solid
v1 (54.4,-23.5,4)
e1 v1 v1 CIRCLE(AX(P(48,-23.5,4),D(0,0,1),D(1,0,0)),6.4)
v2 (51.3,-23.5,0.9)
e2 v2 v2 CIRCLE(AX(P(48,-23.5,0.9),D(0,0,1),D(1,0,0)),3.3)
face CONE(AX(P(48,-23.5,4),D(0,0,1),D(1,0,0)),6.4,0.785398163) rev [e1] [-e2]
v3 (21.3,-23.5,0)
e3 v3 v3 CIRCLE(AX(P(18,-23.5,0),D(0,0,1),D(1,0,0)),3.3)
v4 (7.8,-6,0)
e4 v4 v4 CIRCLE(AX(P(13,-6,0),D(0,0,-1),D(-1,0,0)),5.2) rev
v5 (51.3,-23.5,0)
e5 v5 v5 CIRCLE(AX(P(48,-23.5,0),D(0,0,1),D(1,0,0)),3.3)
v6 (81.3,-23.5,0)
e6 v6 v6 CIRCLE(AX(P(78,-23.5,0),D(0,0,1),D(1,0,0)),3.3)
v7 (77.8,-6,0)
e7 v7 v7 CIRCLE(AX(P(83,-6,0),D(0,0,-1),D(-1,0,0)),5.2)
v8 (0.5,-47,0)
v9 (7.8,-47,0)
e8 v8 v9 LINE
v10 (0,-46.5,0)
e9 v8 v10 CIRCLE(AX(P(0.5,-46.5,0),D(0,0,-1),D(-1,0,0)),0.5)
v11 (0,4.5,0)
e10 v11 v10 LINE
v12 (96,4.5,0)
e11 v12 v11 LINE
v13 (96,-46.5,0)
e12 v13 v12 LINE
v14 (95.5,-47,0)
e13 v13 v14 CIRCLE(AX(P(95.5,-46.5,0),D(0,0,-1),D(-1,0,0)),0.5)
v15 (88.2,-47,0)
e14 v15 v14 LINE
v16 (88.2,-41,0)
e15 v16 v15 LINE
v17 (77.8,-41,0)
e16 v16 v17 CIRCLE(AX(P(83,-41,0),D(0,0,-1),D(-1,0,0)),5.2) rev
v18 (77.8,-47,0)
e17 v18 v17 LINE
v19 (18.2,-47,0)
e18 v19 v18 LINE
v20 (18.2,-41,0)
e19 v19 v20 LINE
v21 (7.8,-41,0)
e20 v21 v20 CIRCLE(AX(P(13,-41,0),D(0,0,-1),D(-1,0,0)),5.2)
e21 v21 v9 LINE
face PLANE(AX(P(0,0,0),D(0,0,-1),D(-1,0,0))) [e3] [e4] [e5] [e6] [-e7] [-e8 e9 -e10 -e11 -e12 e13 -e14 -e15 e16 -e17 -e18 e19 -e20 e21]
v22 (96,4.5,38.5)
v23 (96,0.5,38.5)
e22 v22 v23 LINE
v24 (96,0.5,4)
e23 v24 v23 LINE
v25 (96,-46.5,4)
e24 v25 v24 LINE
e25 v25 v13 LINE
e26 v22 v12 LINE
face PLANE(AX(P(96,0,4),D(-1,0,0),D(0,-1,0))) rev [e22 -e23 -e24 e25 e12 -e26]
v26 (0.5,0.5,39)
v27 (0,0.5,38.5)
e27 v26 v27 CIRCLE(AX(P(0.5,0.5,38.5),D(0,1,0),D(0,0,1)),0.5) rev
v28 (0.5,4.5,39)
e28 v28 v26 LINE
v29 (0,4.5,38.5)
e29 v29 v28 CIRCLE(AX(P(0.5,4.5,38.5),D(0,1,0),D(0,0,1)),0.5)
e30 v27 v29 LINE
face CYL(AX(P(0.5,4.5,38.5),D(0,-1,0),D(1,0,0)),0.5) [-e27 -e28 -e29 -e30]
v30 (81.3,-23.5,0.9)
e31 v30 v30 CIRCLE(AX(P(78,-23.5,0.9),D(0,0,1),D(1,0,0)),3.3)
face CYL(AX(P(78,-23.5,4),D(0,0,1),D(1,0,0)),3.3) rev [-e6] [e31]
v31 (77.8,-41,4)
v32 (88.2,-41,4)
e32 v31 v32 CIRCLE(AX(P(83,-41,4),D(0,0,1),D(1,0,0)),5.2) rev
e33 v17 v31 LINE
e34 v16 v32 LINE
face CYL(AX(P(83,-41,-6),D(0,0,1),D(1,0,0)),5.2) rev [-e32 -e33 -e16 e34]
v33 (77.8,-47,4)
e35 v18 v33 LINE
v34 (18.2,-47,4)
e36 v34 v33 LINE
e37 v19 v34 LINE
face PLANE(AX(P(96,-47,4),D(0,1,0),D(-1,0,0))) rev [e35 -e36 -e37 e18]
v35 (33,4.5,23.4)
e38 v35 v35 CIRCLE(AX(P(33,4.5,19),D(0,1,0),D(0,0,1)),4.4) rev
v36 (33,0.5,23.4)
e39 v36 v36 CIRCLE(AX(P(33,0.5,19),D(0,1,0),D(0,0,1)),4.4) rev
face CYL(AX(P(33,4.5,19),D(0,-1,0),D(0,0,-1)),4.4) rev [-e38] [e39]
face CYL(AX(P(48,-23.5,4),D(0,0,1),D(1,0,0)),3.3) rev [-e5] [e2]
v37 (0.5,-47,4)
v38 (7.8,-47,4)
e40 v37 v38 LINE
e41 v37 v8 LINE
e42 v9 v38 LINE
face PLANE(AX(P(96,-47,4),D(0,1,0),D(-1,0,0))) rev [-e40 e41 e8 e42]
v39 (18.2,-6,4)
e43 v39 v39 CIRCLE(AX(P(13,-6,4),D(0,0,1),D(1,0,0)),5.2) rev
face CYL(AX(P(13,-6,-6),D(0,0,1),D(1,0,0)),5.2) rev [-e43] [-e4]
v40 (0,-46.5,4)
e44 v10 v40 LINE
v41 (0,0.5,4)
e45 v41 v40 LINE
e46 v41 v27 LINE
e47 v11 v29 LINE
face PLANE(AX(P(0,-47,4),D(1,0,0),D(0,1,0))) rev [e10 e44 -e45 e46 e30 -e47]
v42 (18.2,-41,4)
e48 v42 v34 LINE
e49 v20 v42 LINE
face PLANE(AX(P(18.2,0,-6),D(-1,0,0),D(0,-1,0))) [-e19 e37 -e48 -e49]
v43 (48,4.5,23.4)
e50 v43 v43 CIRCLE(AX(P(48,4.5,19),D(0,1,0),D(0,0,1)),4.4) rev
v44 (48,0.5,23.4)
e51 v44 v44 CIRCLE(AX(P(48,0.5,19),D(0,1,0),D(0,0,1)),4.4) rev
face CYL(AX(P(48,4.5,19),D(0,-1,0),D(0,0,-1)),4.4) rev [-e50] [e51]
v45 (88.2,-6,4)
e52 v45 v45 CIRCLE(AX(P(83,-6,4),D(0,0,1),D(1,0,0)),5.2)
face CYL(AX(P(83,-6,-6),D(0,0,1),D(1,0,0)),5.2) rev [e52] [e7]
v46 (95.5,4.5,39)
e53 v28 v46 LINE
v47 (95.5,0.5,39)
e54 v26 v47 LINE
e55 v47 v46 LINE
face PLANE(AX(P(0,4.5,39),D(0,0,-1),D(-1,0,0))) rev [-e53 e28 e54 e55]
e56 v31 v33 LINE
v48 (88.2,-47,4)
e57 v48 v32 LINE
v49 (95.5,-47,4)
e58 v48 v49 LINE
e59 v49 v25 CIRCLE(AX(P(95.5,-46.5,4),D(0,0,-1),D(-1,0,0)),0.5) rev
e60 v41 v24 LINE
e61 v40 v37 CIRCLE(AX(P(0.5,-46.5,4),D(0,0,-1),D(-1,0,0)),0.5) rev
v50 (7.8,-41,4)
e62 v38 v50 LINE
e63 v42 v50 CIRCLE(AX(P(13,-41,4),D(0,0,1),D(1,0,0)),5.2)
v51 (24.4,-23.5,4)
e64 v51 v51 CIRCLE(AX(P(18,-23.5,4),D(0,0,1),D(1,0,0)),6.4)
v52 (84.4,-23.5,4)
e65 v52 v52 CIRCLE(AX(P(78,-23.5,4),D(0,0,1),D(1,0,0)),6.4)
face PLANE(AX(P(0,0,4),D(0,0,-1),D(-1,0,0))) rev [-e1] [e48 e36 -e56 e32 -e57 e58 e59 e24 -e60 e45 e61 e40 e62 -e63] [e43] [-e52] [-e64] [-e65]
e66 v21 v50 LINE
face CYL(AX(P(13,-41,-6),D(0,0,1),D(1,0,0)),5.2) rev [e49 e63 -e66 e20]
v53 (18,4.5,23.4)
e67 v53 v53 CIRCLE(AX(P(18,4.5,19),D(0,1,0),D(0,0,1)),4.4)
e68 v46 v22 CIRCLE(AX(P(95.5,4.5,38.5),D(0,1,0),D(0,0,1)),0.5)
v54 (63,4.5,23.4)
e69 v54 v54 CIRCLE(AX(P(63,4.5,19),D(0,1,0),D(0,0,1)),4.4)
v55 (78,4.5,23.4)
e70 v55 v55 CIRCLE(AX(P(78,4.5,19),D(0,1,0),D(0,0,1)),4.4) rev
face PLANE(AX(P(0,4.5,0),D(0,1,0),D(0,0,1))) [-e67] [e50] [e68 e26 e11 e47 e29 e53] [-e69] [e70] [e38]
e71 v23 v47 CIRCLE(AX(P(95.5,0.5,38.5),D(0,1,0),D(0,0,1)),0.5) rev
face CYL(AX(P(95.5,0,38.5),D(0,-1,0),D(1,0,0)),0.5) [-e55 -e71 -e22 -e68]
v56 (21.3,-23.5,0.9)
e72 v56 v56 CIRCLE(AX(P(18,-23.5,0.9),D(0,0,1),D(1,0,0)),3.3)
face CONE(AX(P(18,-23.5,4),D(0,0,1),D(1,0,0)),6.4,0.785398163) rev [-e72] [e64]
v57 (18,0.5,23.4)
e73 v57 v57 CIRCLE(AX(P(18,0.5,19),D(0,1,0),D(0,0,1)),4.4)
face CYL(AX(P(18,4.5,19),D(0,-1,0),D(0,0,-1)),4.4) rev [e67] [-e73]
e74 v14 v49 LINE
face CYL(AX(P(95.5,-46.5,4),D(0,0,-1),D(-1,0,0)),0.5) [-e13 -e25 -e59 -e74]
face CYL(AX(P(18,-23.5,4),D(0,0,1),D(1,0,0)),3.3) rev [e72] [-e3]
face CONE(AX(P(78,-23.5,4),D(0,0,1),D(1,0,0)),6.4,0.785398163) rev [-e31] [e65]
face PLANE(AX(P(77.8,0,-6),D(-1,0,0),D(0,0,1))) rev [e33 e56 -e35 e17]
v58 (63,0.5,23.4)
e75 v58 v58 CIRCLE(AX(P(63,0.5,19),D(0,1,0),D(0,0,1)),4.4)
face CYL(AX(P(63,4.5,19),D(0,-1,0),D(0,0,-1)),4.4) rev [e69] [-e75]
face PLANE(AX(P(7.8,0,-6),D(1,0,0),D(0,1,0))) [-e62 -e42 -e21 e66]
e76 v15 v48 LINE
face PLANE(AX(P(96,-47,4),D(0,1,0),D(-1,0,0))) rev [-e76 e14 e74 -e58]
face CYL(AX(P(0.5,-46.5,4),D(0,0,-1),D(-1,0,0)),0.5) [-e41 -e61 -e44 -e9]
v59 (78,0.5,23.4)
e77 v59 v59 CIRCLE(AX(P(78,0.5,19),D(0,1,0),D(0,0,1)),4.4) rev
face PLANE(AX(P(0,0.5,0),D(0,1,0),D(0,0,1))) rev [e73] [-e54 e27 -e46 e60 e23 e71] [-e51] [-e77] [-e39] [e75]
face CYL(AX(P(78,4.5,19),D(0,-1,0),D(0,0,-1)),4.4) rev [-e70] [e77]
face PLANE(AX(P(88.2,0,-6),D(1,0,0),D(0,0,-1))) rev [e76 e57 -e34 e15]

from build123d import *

# Parameters (mm, degrees)
SKETCH_1_W                  = 96
SKETCH_1_H                  = 47
EXTRUDE_1_DEPTH             = 4
SKETCH_12_W                 = 96
SKETCH_12_H                 = 39
SKETCH_12_R                 = 4.4
EXTRUDE_3_DEPTH             = 4.5
SKETCH_12_4_R               = 4.4
CUT_EXTRUDE_1_DEPTH         = 0.5
SKETCH_2_R                  = 5.2
CUT_EXTRUDE_2_DEPTH         = 10
HOLE_WIZARD_M6_1_AT_2_COUNT = 2
HOLE_WIZARD_M6_1_AT_2_PITCH = 30
HOLE_WIZARD_M6_1_AT_3_COUNT = 2
HOLE_WIZARD_M6_1_AT_3_PITCH = 60
FILLET_1_R                  = 0.5


with BuildPart() as part:
    # 草图1 → 凸台-拉伸1 (new body)
    with BuildSketch(Plane.XY):
        with Locations((48, -23.5)):
            Rectangle(SKETCH_1_W, SKETCH_1_H)
    extrude(amount=EXTRUDE_1_DEPTH)

    # 草图12 → 凸台-拉伸3 (add)
    with BuildSketch(Plane(origin=(0, 0, 0), x_dir=(1, 0, 0), z_dir=(0, 1, 0))):
        with Locations((48, -19.5)):
            Rectangle(SKETCH_12_W, SKETCH_12_H)
        with Locations((18, -19)):
            Circle(SKETCH_12_R, mode=Mode.SUBTRACT)
        with Locations((33, -19)):
            Circle(SKETCH_12_R, mode=Mode.SUBTRACT)
        with Locations((48, -19)):
            Circle(SKETCH_12_R, mode=Mode.SUBTRACT)
        with BuildLine():
            ThreePointArc((67.4, -19), (63, -23.4), (58.6, -19))
            ThreePointArc((58.6, -19), (63, -14.6), (67.4, -19))
        make_face(mode=Mode.SUBTRACT)
        with Locations((78, -19)):
            Circle(SKETCH_12_R, mode=Mode.SUBTRACT)
    extrude(amount=EXTRUDE_3_DEPTH)

    # 草图12<4> → 切除-拉伸1 (cut)
    with BuildSketch(Plane(origin=(0, 0, 0), x_dir=(1, 0, 0), z_dir=(0, 1, 0))):
        Polygon((96, -4), (0, -4), (0, -5), (0, -39), (96, -39), align=None)
        with Locations((18, -19)):
            Circle(SKETCH_12_4_R, mode=Mode.SUBTRACT)
        with Locations((33, -19)):
            Circle(SKETCH_12_4_R, mode=Mode.SUBTRACT)
        with Locations((48, -19)):
            Circle(SKETCH_12_4_R, mode=Mode.SUBTRACT)
        with BuildLine():
            ThreePointArc((67.4, -19), (63, -23.4), (58.6, -19))
            ThreePointArc((58.6, -19), (63, -14.6), (67.4, -19))
        make_face(mode=Mode.SUBTRACT)
        with BuildLine():
            ThreePointArc((82.4, -19), (78, -23.4), (73.6, -19))
            ThreePointArc((73.6, -19), (78, -14.6), (82.4, -19))
        make_face(mode=Mode.SUBTRACT)
    extrude(amount=CUT_EXTRUDE_1_DEPTH, mode=Mode.SUBTRACT)

    # 草图2 → 切除-拉伸2 (cut)
    with BuildSketch(Plane.XY.offset(4)):
        with BuildLine():
            Line((77.8, -41), (77.8, -47))
            Line((77.8, -47), (88.2, -47))
            Line((88.2, -47), (88.2, -41))
            ThreePointArc((88.2, -41), (83, -35.8), (77.8, -41))
        make_face()
        with BuildLine():
            Line((7.8, -47), (18.2, -47))
            Line((18.2, -47), (18.2, -41))
            ThreePointArc((18.2, -41), (13, -35.8), (7.8, -41))
            Line((7.8, -41), (7.8, -47))
        make_face()
        with Locations((83, -6)):
            Circle(SKETCH_2_R)
        with Locations((13, -6)):
            Circle(SKETCH_2_R)
    extrude(amount=-CUT_EXTRUDE_2_DEPTH, mode=Mode.SUBTRACT)

    # 草图15 → M6 内六角花形沉头螺钉的锥形沉头孔1 (revolve, cut)
    with BuildSketch(Plane(origin=(18, -23.5, 4), x_dir=(0, -1, 0), z_dir=(1, 0, 0))):
        Polygon((0, 0), (0, 4), (3.3, 4), (3.3, 3.1), (6.4, 0), align=None)
    hole_wizard_m6_1 = revolve(axis=Axis((18, -23.5, 10.35), (0, 0, -1)), mode=Mode.SUBTRACT)

    # M6 内六角花形沉头螺钉的锥形沉头孔1 at 2: M6 内六角花形沉头螺钉的锥形沉头孔1 ×2
    with Locations(*[(i * HOLE_WIZARD_M6_1_AT_2_PITCH, 0, 0) for i in range(1, HOLE_WIZARD_M6_1_AT_2_COUNT)]):
        add(hole_wizard_m6_1, mode=Mode.SUBTRACT)

    # M6 内六角花形沉头螺钉的锥形沉头孔1 at 3: M6 内六角花形沉头螺钉的锥形沉头孔1 ×2
    with Locations(*[(i * HOLE_WIZARD_M6_1_AT_3_PITCH, 0, 0) for i in range(1, HOLE_WIZARD_M6_1_AT_3_COUNT)]):
        add(hole_wizard_m6_1, mode=Mode.SUBTRACT)

    # 圆角1
    fillet_1_edges = [part.edges().sort_by_distance(p)[0] for p in [
        (0, -47, 2),
        (96, -47, 2),
        (96, 2.5, 39),
        (0, 2.5, 39),
    ]]
    fillet(fillet_1_edges, radius=FILLET_1_R)


solid = part.part
